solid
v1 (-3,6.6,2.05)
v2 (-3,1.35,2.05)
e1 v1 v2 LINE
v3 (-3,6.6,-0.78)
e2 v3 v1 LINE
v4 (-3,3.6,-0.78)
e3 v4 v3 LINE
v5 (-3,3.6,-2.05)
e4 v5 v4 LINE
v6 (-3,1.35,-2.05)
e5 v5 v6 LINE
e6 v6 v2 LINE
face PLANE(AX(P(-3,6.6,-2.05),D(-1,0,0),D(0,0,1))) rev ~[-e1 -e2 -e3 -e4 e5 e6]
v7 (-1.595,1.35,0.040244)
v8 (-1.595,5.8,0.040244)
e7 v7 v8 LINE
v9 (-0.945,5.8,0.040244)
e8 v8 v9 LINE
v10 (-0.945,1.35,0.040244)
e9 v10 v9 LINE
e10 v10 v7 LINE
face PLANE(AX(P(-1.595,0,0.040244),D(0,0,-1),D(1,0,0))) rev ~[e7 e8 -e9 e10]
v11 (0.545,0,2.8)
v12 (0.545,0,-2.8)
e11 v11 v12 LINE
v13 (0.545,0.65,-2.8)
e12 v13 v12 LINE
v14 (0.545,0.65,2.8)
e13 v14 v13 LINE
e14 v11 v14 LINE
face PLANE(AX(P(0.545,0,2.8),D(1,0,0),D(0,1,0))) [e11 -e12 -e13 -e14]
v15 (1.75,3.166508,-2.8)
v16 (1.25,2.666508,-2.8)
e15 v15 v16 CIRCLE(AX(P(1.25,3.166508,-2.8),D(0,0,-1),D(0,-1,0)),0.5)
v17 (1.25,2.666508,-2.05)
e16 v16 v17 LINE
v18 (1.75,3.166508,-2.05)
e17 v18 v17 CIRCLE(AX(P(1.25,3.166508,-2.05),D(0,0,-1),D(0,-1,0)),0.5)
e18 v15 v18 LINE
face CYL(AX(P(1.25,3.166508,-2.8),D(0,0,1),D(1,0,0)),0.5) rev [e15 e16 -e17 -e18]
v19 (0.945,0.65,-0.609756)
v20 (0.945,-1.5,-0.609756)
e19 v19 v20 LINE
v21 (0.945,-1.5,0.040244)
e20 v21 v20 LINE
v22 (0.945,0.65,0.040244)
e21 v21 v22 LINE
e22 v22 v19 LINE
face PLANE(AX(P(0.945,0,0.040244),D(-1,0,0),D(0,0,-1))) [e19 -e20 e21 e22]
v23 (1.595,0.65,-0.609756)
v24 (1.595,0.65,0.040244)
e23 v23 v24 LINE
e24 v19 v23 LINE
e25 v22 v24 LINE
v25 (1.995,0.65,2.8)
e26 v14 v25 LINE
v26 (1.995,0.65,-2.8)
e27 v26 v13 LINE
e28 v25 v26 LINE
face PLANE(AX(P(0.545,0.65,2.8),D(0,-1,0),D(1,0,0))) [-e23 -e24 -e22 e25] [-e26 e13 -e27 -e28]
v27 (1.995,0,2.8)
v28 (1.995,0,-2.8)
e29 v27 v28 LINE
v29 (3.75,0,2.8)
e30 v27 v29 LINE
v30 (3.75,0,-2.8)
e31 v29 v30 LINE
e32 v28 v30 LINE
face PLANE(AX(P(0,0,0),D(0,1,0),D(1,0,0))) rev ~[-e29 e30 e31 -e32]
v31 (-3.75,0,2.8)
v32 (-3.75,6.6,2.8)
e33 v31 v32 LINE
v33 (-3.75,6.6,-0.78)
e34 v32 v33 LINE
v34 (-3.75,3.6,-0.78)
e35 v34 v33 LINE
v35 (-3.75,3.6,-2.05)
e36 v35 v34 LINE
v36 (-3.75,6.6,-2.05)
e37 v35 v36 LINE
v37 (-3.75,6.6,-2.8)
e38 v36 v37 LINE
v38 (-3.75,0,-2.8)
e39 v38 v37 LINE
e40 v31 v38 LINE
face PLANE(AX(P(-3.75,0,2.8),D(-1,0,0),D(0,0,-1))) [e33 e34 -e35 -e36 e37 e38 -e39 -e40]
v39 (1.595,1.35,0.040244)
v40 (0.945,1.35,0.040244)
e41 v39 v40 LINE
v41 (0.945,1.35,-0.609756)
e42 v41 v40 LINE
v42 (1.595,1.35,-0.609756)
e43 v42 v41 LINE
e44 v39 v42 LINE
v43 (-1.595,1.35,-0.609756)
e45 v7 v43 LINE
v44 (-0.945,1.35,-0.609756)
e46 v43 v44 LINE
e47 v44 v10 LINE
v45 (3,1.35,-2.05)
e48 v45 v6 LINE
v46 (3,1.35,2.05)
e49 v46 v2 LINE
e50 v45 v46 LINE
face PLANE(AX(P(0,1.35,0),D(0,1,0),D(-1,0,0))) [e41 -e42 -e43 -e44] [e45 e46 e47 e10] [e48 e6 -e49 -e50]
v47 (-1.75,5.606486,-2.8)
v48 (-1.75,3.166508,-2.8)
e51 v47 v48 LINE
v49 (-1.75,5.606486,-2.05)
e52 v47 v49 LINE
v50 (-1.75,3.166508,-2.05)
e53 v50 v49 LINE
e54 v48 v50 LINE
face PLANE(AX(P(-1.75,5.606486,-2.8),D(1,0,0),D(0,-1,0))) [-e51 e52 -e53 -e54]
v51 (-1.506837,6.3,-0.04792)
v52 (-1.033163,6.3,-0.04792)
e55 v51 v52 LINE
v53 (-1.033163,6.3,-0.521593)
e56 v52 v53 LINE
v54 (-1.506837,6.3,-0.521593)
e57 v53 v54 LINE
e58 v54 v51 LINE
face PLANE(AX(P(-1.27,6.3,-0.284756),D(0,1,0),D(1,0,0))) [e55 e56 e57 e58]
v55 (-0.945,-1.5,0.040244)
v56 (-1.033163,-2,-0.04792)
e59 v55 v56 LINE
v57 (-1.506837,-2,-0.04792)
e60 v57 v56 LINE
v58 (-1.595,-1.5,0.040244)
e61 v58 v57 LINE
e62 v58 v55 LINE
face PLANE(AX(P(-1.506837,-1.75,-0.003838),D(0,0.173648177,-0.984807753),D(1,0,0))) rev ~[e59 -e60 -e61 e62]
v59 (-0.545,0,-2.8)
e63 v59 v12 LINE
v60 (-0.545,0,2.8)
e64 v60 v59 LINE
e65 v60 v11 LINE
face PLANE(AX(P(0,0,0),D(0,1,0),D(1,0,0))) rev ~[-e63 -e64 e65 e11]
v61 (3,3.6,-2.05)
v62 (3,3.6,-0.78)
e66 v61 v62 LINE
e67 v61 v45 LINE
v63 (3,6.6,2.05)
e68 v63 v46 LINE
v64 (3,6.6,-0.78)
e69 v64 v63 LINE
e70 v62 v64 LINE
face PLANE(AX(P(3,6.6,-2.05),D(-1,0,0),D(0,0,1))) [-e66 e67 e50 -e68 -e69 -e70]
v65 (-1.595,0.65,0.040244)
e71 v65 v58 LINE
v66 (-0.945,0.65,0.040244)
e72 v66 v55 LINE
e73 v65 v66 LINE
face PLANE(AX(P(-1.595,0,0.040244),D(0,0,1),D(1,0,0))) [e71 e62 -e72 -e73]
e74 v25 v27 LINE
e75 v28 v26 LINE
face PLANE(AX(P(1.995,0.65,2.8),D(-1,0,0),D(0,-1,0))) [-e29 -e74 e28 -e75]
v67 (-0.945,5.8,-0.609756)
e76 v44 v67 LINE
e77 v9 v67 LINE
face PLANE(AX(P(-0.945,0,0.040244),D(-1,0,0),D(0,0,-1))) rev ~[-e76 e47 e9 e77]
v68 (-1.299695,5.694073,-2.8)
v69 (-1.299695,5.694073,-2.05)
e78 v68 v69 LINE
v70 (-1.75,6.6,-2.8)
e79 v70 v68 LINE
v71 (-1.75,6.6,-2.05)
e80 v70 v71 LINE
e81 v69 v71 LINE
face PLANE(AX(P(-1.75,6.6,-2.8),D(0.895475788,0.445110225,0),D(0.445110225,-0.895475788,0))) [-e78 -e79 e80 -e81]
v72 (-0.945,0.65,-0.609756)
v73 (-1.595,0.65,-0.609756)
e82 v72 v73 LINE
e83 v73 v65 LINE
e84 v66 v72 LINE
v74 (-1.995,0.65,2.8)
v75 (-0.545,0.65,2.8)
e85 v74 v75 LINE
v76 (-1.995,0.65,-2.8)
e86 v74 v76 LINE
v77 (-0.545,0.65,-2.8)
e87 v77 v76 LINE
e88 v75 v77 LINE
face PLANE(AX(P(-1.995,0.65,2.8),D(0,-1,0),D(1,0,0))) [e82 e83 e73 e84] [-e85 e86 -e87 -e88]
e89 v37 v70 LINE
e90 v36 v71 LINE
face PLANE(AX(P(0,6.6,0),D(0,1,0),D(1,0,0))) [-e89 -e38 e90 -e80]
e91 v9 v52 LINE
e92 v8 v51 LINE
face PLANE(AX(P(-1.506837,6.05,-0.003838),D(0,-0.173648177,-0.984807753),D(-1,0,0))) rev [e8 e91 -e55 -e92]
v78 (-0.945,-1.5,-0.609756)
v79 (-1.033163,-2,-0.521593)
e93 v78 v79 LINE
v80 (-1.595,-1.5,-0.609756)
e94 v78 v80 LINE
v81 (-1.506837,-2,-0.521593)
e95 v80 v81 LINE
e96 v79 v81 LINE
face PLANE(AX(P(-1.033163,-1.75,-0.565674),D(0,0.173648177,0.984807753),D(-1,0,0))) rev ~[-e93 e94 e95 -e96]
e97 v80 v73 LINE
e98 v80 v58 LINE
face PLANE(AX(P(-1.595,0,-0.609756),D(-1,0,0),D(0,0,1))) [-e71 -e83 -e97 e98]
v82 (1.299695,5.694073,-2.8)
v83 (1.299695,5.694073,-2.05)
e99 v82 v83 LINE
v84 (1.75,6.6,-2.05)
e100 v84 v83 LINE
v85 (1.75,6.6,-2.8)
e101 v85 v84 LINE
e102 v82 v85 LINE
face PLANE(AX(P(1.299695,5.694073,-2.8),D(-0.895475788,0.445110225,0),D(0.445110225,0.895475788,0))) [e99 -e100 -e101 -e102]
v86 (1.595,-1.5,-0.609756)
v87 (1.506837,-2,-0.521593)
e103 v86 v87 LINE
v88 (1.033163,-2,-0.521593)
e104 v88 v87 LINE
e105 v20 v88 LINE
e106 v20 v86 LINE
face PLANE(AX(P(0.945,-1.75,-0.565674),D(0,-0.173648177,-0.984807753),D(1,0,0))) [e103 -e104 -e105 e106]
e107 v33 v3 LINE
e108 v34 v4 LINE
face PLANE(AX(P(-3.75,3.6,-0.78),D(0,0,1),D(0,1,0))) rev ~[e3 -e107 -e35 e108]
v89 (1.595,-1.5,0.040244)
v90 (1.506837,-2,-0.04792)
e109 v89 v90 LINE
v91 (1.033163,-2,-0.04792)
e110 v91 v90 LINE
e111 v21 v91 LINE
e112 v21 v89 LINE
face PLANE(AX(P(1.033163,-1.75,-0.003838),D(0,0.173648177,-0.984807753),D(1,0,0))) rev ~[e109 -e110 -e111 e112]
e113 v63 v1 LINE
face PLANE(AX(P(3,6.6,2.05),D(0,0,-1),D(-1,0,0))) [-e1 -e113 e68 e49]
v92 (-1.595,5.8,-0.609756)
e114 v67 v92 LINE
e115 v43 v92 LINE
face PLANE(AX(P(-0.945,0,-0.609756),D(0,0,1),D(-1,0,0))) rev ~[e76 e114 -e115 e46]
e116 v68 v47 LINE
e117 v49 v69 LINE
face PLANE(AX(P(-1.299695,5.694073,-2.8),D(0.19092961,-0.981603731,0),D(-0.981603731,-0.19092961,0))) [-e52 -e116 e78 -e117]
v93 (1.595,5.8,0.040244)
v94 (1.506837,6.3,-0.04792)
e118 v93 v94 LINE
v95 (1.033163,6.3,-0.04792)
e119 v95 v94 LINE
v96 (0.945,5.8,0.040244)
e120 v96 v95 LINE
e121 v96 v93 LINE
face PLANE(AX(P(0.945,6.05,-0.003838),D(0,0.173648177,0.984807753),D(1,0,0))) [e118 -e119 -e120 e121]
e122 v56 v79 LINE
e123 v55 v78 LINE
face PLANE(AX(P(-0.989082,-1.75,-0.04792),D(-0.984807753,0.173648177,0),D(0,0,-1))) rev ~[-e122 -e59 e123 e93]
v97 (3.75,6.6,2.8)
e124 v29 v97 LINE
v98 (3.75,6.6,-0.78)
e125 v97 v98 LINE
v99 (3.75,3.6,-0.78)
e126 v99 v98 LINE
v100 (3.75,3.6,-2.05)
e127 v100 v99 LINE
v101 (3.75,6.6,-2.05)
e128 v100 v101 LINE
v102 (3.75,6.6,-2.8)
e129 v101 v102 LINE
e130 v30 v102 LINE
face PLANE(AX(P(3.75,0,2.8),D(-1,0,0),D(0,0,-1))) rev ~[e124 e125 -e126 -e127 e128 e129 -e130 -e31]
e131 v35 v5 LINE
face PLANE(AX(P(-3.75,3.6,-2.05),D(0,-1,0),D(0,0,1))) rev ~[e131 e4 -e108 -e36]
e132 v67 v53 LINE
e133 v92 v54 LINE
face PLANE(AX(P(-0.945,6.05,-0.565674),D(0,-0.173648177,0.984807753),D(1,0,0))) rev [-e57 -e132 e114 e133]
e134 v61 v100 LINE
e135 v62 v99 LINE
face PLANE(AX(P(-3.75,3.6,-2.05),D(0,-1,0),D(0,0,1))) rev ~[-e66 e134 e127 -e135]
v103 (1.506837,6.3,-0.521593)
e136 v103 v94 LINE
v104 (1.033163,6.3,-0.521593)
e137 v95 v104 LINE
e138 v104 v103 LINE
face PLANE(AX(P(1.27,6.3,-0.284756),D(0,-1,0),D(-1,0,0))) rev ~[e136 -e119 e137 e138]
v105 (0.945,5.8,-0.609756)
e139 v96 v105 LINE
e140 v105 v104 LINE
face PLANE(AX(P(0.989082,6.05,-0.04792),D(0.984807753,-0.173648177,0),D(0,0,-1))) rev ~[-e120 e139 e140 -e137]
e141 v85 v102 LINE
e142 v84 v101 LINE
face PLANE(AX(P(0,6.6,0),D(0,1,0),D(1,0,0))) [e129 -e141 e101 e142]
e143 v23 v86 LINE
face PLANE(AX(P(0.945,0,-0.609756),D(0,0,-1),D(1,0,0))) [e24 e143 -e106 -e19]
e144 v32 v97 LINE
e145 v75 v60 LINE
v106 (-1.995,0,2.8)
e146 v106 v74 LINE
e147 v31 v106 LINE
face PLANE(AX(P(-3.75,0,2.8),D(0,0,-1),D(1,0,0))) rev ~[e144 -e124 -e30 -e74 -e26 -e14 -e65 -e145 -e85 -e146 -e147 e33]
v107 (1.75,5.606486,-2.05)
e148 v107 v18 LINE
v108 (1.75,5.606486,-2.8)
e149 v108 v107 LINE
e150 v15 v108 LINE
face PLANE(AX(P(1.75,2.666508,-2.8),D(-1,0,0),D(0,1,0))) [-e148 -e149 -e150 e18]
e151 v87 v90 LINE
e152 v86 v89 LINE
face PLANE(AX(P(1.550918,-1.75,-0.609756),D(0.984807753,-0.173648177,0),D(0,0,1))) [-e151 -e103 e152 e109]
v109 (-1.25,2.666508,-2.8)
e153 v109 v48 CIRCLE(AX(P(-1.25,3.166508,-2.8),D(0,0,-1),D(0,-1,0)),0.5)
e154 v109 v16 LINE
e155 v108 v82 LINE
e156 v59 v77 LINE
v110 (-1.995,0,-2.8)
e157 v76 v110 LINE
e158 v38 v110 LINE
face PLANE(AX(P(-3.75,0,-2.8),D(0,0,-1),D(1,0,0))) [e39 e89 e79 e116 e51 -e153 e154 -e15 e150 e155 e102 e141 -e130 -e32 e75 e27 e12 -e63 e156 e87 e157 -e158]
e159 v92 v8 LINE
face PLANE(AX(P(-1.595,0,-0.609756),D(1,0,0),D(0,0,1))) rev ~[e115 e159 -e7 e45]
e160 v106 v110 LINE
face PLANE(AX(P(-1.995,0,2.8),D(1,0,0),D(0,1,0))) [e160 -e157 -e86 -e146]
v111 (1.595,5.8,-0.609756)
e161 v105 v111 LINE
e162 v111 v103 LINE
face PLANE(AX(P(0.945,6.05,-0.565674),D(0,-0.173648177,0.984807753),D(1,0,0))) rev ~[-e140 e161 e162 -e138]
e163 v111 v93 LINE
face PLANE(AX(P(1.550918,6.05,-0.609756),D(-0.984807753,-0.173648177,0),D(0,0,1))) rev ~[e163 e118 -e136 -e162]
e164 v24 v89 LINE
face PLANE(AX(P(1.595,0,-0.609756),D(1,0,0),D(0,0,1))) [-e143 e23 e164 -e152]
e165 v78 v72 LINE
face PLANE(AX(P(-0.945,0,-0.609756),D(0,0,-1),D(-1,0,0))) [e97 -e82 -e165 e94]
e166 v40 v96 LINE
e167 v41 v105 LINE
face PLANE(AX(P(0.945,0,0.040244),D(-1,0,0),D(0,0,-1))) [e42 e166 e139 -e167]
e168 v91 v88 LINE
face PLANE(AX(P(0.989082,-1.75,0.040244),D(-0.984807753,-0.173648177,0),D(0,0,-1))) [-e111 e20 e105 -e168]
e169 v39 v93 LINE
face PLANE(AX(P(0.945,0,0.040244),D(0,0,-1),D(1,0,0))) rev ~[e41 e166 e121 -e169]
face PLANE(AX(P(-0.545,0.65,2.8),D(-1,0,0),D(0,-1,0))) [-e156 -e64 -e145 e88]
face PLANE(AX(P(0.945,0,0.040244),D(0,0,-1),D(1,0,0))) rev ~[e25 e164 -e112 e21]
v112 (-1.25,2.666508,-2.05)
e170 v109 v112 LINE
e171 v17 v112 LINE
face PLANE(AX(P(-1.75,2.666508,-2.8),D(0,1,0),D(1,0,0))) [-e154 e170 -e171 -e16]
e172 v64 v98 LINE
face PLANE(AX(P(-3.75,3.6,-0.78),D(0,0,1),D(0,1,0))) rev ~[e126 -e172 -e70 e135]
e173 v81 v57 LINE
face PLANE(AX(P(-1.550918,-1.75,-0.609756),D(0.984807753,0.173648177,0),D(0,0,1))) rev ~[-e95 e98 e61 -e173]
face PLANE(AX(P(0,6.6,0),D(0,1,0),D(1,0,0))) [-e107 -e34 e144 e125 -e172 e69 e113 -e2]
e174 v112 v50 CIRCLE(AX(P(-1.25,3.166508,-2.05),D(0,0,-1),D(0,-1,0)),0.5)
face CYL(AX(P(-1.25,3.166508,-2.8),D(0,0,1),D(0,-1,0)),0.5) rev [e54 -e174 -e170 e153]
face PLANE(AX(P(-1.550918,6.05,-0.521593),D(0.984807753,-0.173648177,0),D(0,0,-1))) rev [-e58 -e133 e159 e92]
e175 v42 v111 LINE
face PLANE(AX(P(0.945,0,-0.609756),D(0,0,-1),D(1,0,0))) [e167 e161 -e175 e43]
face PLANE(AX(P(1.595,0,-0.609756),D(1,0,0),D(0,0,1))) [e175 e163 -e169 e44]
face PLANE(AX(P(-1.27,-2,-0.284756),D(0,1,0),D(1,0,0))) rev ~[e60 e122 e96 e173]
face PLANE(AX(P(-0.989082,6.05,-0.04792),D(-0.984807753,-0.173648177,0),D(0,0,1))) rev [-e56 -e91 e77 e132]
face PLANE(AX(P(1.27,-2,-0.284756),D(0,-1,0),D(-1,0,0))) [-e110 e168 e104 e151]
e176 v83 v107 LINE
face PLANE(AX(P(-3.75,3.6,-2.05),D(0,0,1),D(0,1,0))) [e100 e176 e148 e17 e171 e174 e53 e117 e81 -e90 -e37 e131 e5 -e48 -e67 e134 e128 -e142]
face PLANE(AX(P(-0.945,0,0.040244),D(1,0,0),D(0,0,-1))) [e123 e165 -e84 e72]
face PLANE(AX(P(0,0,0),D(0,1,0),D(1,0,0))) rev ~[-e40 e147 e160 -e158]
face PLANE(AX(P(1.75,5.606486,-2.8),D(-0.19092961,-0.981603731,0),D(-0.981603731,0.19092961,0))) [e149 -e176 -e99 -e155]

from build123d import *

# Parameters (mm, degrees)
SKETCH1_W              = 7.5
SKETCH1_H              = 5.6
EXTRUDE1_DEPTH         = 6.6
CUT_EXTRUDE1_DEPTH     = 6.6
SKETCH3_W              = 6
SKETCH3_H              = 4.1
CUT_EXTRUDE2_DEPTH     = 5.25
SKETCH5_W              = 1.27
SKETCH5_H              = 3
CUT_EXTRUDE3_DEPTH     = 8.5
CUT_EXTRUDE4_DEPTH     = 1.2
FILLET1_R              = 0.5
EXTRUDE2_DEPTH         = 6.3
EXTRUDE2_DEPTH_BACK    = 2
CHAMFER1_SIZE          = 0.5
CHAMFER1_SIZE2         = 0.08816349
CHAMFER1_PART_2_SIZE   = 0.5
CHAMFER1_PART_2_SIZE2  = 0.08816349
CHAMFER1_PART_3_SIZE   = 0.5
CHAMFER1_PART_3_SIZE2  = 0.08816349
CHAMFER1_PART_4_SIZE   = 0.5
CHAMFER1_PART_4_SIZE2  = 0.08816349
CHAMFER1_PART_5_SIZE   = 0.5
CHAMFER1_PART_5_SIZE2  = 0.08816349
CHAMFER1_PART_6_SIZE   = 0.5
CHAMFER1_PART_6_SIZE2  = 0.08816349
CHAMFER1_PART_7_SIZE   = 0.5
CHAMFER1_PART_7_SIZE2  = 0.08816349
CHAMFER1_PART_8_SIZE   = 0.5
CHAMFER1_PART_8_SIZE2  = 0.08816349
CHAMFER1_PART_9_SIZE   = 0.5
CHAMFER1_PART_9_SIZE2  = 0.08816349
CHAMFER1_PART_10_SIZE  = 0.5
CHAMFER1_PART_10_SIZE2 = 0.08816349
CHAMFER1_PART_11_SIZE  = 0.5
CHAMFER1_PART_11_SIZE2 = 0.08816349
CHAMFER1_PART_12_SIZE  = 0.5
CHAMFER1_PART_12_SIZE2 = 0.08816349
CHAMFER1_PART_13_SIZE  = 0.5
CHAMFER1_PART_13_SIZE2 = 0.08816349
CHAMFER1_PART_14_SIZE  = 0.5
CHAMFER1_PART_14_SIZE2 = 0.08816349
CHAMFER1_PART_15_SIZE  = 0.5
CHAMFER1_PART_15_SIZE2 = 0.08816349
CHAMFER1_PART_16_SIZE  = 0.5
CHAMFER1_PART_16_SIZE2 = 0.08816349


with BuildPart() as part:
    # Sketch1 → Extrude1 (new body)
    with BuildSketch(Plane(origin=(0, 0, 0), x_dir=(1, 0, 0), z_dir=(0, 1, 0))):
        Rectangle(SKETCH1_W, SKETCH1_H)
    extrude(amount=EXTRUDE1_DEPTH)

    # Sketch2 → Cut-Extrude1 (cut, through all)
    with BuildSketch(Plane.XY.offset(2.8)):
        Polygon((-1.995, 0.65), (-0.545, 0.65), (-0.545, 0), (-1.27, 0), (-1.995, 0), align=None)
        Polygon((0.545, 0.65), (1.995, 0.65), (1.995, 0), (1.27, 0), (0.545, 0), align=None)
    extrude(amount=-CUT_EXTRUDE1_DEPTH, mode=Mode.SUBTRACT)

    # Sketch3 → Cut-Extrude2 (cut)
    with BuildSketch(Plane(origin=(0, 6.6, 0), x_dir=(-1, 0, 0), z_dir=(0, 1, 0))):
        Rectangle(SKETCH3_W, SKETCH3_H)
    extrude(amount=-CUT_EXTRUDE2_DEPTH, mode=Mode.SUBTRACT)

    # Sketch5 → Cut-Extrude3 (cut, through all)
    with BuildSketch(Plane.ZY.offset(3.75)):
        with Locations((-1.415, 5.1)):
            Rectangle(SKETCH5_W, SKETCH5_H)
    extrude(amount=-CUT_EXTRUDE3_DEPTH, mode=Mode.SUBTRACT)

    # Sketch6 → Cut-Extrude4 (cut)
    with BuildSketch(Plane(origin=(0, 0, -2.8), x_dir=(-1, 0, 0), z_dir=(0, 0, -1))):
        Polygon((-1.75, 6.6), (1.75, 6.6), (1.299695014, 5.694073356), (1.75, 5.606485511), (1.75, 2.666508092), (-1.75, 2.666508092), (-1.75, 5.606485511), (-1.299695014, 5.694073356), align=None)
    extrude(amount=-CUT_EXTRUDE4_DEPTH, mode=Mode.SUBTRACT)

    # Fillet1
    fillet1_edges = [part.edges().sort_by_distance(p)[0] for p in [
        (-1.75, 2.666508092, -2.425),
        (1.75, 2.666508092, -2.425),
    ]]
    fillet(fillet1_edges, radius=FILLET1_R)

    # Sketch7 → Extrude2 (add, two sides)
    with BuildSketch(Plane(origin=(0, 0, 0), x_dir=(1, 0, 0), z_dir=(0, 1, 0))) as extrude2_sk:
        Polygon((-1.27, -0.040243902), (-0.945, -0.040243902), (-0.945, 0.609756098), (-1.595, 0.609756098), (-1.595, -0.040243902), align=None)
        Polygon((1.27, -0.040243902), (0.945, -0.040243902), (0.945, 0.609756098), (1.595, 0.609756098), (1.595, -0.040243902), align=None)
    extrude(amount=EXTRUDE2_DEPTH)
    extrude(extrude2_sk.sketch, amount=-EXTRUDE2_DEPTH_BACK)

    # Chamfer1
    chamfer1_edges = [part.edges().sort_by_distance(p)[0] for p in [
        (-1.595, -2, -0.284756098),
    ]]
    chamfer1_side = [part.faces().sort_by_distance(p)[0] for p in [
        (-1.595, -0.675, -0.284756098),
    ]]
    chamfer(chamfer1_edges, length=CHAMFER1_SIZE, length2=CHAMFER1_SIZE2, reference=chamfer1_side[0])

    # Chamfer1 part 2
    chamfer1_part_2_edges = [part.edges().sort_by_distance(p)[0] for p in [
        (-1.27, -2, 0.040243902),
    ]]
    chamfer1_part_2_side = [part.faces().sort_by_distance(p)[0] for p in [
        (-1.27, -0.675, 0.040243902),
    ]]
    chamfer(chamfer1_part_2_edges, length=CHAMFER1_PART_2_SIZE, length2=CHAMFER1_PART_2_SIZE2, reference=chamfer1_part_2_side[0])

    # Chamfer1 part 3
    chamfer1_part_3_edges = [part.edges().sort_by_distance(p)[0] for p in [
        (-0.945, -2, -0.284756098),
    ]]
    chamfer1_part_3_side = [part.faces().sort_by_distance(p)[0] for p in [
        (-0.945, -0.675, -0.284756098),
    ]]
    chamfer(chamfer1_part_3_edges, length=CHAMFER1_PART_3_SIZE, length2=CHAMFER1_PART_3_SIZE2, reference=chamfer1_part_3_side[0])

    # Chamfer1 part 4
    chamfer1_part_4_edges = [part.edges().sort_by_distance(p)[0] for p in [
        (-1.27, -2, -0.609756098),
    ]]
    chamfer1_part_4_side = [part.faces().sort_by_distance(p)[0] for p in [
        (-1.27, -0.675, -0.609756098),
    ]]
    chamfer(chamfer1_part_4_edges, length=CHAMFER1_PART_4_SIZE, length2=CHAMFER1_PART_4_SIZE2, reference=chamfer1_part_4_side[0])

    # Chamfer1 part 5
    chamfer1_part_5_edges = [part.edges().sort_by_distance(p)[0] for p in [
        (-1.27, 6.3, -0.609756098),
    ]]
    chamfer1_part_5_side = [part.faces().sort_by_distance(p)[0] for p in [
        (-1.27, 3.825, -0.609756098),
    ]]
    chamfer(chamfer1_part_5_edges, length=CHAMFER1_PART_5_SIZE, length2=CHAMFER1_PART_5_SIZE2, reference=chamfer1_part_5_side[0])

    # Chamfer1 part 6
    chamfer1_part_6_edges = [part.edges().sort_by_distance(p)[0] for p in [
        (-1.595, 6.3, -0.284756098),
    ]]
    chamfer1_part_6_side = [part.faces().sort_by_distance(p)[0] for p in [
        (-1.595, 3.825, -0.284756098),
    ]]
    chamfer(chamfer1_part_6_edges, length=CHAMFER1_PART_6_SIZE, length2=CHAMFER1_PART_6_SIZE2, reference=chamfer1_part_6_side[0])

    # Chamfer1 part 7
    chamfer1_part_7_edges = [part.edges().sort_by_distance(p)[0] for p in [
        (-1.27, 6.3, 0.040243902),
    ]]
    chamfer1_part_7_side = [part.faces().sort_by_distance(p)[0] for p in [
        (-1.27, 3.825, 0.040243902),
    ]]
    chamfer(chamfer1_part_7_edges, length=CHAMFER1_PART_7_SIZE, length2=CHAMFER1_PART_7_SIZE2, reference=chamfer1_part_7_side[0])

    # Chamfer1 part 8
    chamfer1_part_8_edges = [part.edges().sort_by_distance(p)[0] for p in [
        (-0.945, 6.3, -0.284756098),
    ]]
    chamfer1_part_8_side = [part.faces().sort_by_distance(p)[0] for p in [
        (-0.945, 3.825, -0.284756098),
    ]]
    chamfer(chamfer1_part_8_edges, length=CHAMFER1_PART_8_SIZE, length2=CHAMFER1_PART_8_SIZE2, reference=chamfer1_part_8_side[0])

    # Chamfer1 part 9
    chamfer1_part_9_edges = [part.edges().sort_by_distance(p)[0] for p in [
        (1.595, -2, -0.284756098),
    ]]
    chamfer1_part_9_side = [part.faces().sort_by_distance(p)[0] for p in [
        (1.595, -0.675, -0.284756098),
    ]]
    chamfer(chamfer1_part_9_edges, length=CHAMFER1_PART_9_SIZE, length2=CHAMFER1_PART_9_SIZE2, reference=chamfer1_part_9_side[0])

    # Chamfer1 part 10
    chamfer1_part_10_edges = [part.edges().sort_by_distance(p)[0] for p in [
        (1.27, -2, -0.609756098),
    ]]
    chamfer1_part_10_side = [part.faces().sort_by_distance(p)[0] for p in [
        (1.27, -0.675, -0.609756098),
    ]]
    chamfer(chamfer1_part_10_edges, length=CHAMFER1_PART_10_SIZE, length2=CHAMFER1_PART_10_SIZE2, reference=chamfer1_part_10_side[0])

    # Chamfer1 part 11
    chamfer1_part_11_edges = [part.edges().sort_by_distance(p)[0] for p in [
        (0.945, -2, -0.284756098),
    ]]
    chamfer1_part_11_side = [part.faces().sort_by_distance(p)[0] for p in [
        (0.945, -0.675, -0.284756098),
    ]]
    chamfer(chamfer1_part_11_edges, length=CHAMFER1_PART_11_SIZE, length2=CHAMFER1_PART_11_SIZE2, reference=chamfer1_part_11_side[0])

    # Chamfer1 part 12
    chamfer1_part_12_edges = [part.edges().sort_by_distance(p)[0] for p in [
        (1.27, -2, 0.040243902),
    ]]
    chamfer1_part_12_side = [part.faces().sort_by_distance(p)[0] for p in [
        (1.27, -0.675, 0.040243902),
    ]]
    chamfer(chamfer1_part_12_edges, length=CHAMFER1_PART_12_SIZE, length2=CHAMFER1_PART_12_SIZE2, reference=chamfer1_part_12_side[0])

    # Chamfer1 part 13
    chamfer1_part_13_edges = [part.edges().sort_by_distance(p)[0] for p in [
        (1.27, 6.3, 0.040243902),
    ]]
    chamfer1_part_13_side = [part.faces().sort_by_distance(p)[0] for p in [
        (1.27, 3.825, 0.040243902),
    ]]
    chamfer(chamfer1_part_13_edges, length=CHAMFER1_PART_13_SIZE, length2=CHAMFER1_PART_13_SIZE2, reference=chamfer1_part_13_side[0])

    # Chamfer1 part 14
    chamfer1_part_14_edges = [part.edges().sort_by_distance(p)[0] for p in [
        (1.595, 6.3, -0.284756098),
    ]]
    chamfer1_part_14_side = [part.faces().sort_by_distance(p)[0] for p in [
        (1.595, 3.825, -0.284756098),
    ]]
    chamfer(chamfer1_part_14_edges, length=CHAMFER1_PART_14_SIZE, length2=CHAMFER1_PART_14_SIZE2, reference=chamfer1_part_14_side[0])

    # Chamfer1 part 15
    chamfer1_part_15_edges = [part.edges().sort_by_distance(p)[0] for p in [
        (1.27, 6.3, -0.609756098),
    ]]
    chamfer1_part_15_side = [part.faces().sort_by_distance(p)[0] for p in [
        (1.27, 3.825, -0.609756098),
    ]]
    chamfer(chamfer1_part_15_edges, length=CHAMFER1_PART_15_SIZE, length2=CHAMFER1_PART_15_SIZE2, reference=chamfer1_part_15_side[0])

    # Chamfer1 part 16
    chamfer1_part_16_edges = [part.edges().sort_by_distance(p)[0] for p in [
        (0.945, 6.3, -0.284756098),
    ]]
    chamfer1_part_16_side = [part.faces().sort_by_distance(p)[0] for p in [
        (0.945, 3.825, -0.284756098),
    ]]
    chamfer(chamfer1_part_16_edges, length=CHAMFER1_PART_16_SIZE, length2=CHAMFER1_PART_16_SIZE2, reference=chamfer1_part_16_side[0])


solid = part.part
